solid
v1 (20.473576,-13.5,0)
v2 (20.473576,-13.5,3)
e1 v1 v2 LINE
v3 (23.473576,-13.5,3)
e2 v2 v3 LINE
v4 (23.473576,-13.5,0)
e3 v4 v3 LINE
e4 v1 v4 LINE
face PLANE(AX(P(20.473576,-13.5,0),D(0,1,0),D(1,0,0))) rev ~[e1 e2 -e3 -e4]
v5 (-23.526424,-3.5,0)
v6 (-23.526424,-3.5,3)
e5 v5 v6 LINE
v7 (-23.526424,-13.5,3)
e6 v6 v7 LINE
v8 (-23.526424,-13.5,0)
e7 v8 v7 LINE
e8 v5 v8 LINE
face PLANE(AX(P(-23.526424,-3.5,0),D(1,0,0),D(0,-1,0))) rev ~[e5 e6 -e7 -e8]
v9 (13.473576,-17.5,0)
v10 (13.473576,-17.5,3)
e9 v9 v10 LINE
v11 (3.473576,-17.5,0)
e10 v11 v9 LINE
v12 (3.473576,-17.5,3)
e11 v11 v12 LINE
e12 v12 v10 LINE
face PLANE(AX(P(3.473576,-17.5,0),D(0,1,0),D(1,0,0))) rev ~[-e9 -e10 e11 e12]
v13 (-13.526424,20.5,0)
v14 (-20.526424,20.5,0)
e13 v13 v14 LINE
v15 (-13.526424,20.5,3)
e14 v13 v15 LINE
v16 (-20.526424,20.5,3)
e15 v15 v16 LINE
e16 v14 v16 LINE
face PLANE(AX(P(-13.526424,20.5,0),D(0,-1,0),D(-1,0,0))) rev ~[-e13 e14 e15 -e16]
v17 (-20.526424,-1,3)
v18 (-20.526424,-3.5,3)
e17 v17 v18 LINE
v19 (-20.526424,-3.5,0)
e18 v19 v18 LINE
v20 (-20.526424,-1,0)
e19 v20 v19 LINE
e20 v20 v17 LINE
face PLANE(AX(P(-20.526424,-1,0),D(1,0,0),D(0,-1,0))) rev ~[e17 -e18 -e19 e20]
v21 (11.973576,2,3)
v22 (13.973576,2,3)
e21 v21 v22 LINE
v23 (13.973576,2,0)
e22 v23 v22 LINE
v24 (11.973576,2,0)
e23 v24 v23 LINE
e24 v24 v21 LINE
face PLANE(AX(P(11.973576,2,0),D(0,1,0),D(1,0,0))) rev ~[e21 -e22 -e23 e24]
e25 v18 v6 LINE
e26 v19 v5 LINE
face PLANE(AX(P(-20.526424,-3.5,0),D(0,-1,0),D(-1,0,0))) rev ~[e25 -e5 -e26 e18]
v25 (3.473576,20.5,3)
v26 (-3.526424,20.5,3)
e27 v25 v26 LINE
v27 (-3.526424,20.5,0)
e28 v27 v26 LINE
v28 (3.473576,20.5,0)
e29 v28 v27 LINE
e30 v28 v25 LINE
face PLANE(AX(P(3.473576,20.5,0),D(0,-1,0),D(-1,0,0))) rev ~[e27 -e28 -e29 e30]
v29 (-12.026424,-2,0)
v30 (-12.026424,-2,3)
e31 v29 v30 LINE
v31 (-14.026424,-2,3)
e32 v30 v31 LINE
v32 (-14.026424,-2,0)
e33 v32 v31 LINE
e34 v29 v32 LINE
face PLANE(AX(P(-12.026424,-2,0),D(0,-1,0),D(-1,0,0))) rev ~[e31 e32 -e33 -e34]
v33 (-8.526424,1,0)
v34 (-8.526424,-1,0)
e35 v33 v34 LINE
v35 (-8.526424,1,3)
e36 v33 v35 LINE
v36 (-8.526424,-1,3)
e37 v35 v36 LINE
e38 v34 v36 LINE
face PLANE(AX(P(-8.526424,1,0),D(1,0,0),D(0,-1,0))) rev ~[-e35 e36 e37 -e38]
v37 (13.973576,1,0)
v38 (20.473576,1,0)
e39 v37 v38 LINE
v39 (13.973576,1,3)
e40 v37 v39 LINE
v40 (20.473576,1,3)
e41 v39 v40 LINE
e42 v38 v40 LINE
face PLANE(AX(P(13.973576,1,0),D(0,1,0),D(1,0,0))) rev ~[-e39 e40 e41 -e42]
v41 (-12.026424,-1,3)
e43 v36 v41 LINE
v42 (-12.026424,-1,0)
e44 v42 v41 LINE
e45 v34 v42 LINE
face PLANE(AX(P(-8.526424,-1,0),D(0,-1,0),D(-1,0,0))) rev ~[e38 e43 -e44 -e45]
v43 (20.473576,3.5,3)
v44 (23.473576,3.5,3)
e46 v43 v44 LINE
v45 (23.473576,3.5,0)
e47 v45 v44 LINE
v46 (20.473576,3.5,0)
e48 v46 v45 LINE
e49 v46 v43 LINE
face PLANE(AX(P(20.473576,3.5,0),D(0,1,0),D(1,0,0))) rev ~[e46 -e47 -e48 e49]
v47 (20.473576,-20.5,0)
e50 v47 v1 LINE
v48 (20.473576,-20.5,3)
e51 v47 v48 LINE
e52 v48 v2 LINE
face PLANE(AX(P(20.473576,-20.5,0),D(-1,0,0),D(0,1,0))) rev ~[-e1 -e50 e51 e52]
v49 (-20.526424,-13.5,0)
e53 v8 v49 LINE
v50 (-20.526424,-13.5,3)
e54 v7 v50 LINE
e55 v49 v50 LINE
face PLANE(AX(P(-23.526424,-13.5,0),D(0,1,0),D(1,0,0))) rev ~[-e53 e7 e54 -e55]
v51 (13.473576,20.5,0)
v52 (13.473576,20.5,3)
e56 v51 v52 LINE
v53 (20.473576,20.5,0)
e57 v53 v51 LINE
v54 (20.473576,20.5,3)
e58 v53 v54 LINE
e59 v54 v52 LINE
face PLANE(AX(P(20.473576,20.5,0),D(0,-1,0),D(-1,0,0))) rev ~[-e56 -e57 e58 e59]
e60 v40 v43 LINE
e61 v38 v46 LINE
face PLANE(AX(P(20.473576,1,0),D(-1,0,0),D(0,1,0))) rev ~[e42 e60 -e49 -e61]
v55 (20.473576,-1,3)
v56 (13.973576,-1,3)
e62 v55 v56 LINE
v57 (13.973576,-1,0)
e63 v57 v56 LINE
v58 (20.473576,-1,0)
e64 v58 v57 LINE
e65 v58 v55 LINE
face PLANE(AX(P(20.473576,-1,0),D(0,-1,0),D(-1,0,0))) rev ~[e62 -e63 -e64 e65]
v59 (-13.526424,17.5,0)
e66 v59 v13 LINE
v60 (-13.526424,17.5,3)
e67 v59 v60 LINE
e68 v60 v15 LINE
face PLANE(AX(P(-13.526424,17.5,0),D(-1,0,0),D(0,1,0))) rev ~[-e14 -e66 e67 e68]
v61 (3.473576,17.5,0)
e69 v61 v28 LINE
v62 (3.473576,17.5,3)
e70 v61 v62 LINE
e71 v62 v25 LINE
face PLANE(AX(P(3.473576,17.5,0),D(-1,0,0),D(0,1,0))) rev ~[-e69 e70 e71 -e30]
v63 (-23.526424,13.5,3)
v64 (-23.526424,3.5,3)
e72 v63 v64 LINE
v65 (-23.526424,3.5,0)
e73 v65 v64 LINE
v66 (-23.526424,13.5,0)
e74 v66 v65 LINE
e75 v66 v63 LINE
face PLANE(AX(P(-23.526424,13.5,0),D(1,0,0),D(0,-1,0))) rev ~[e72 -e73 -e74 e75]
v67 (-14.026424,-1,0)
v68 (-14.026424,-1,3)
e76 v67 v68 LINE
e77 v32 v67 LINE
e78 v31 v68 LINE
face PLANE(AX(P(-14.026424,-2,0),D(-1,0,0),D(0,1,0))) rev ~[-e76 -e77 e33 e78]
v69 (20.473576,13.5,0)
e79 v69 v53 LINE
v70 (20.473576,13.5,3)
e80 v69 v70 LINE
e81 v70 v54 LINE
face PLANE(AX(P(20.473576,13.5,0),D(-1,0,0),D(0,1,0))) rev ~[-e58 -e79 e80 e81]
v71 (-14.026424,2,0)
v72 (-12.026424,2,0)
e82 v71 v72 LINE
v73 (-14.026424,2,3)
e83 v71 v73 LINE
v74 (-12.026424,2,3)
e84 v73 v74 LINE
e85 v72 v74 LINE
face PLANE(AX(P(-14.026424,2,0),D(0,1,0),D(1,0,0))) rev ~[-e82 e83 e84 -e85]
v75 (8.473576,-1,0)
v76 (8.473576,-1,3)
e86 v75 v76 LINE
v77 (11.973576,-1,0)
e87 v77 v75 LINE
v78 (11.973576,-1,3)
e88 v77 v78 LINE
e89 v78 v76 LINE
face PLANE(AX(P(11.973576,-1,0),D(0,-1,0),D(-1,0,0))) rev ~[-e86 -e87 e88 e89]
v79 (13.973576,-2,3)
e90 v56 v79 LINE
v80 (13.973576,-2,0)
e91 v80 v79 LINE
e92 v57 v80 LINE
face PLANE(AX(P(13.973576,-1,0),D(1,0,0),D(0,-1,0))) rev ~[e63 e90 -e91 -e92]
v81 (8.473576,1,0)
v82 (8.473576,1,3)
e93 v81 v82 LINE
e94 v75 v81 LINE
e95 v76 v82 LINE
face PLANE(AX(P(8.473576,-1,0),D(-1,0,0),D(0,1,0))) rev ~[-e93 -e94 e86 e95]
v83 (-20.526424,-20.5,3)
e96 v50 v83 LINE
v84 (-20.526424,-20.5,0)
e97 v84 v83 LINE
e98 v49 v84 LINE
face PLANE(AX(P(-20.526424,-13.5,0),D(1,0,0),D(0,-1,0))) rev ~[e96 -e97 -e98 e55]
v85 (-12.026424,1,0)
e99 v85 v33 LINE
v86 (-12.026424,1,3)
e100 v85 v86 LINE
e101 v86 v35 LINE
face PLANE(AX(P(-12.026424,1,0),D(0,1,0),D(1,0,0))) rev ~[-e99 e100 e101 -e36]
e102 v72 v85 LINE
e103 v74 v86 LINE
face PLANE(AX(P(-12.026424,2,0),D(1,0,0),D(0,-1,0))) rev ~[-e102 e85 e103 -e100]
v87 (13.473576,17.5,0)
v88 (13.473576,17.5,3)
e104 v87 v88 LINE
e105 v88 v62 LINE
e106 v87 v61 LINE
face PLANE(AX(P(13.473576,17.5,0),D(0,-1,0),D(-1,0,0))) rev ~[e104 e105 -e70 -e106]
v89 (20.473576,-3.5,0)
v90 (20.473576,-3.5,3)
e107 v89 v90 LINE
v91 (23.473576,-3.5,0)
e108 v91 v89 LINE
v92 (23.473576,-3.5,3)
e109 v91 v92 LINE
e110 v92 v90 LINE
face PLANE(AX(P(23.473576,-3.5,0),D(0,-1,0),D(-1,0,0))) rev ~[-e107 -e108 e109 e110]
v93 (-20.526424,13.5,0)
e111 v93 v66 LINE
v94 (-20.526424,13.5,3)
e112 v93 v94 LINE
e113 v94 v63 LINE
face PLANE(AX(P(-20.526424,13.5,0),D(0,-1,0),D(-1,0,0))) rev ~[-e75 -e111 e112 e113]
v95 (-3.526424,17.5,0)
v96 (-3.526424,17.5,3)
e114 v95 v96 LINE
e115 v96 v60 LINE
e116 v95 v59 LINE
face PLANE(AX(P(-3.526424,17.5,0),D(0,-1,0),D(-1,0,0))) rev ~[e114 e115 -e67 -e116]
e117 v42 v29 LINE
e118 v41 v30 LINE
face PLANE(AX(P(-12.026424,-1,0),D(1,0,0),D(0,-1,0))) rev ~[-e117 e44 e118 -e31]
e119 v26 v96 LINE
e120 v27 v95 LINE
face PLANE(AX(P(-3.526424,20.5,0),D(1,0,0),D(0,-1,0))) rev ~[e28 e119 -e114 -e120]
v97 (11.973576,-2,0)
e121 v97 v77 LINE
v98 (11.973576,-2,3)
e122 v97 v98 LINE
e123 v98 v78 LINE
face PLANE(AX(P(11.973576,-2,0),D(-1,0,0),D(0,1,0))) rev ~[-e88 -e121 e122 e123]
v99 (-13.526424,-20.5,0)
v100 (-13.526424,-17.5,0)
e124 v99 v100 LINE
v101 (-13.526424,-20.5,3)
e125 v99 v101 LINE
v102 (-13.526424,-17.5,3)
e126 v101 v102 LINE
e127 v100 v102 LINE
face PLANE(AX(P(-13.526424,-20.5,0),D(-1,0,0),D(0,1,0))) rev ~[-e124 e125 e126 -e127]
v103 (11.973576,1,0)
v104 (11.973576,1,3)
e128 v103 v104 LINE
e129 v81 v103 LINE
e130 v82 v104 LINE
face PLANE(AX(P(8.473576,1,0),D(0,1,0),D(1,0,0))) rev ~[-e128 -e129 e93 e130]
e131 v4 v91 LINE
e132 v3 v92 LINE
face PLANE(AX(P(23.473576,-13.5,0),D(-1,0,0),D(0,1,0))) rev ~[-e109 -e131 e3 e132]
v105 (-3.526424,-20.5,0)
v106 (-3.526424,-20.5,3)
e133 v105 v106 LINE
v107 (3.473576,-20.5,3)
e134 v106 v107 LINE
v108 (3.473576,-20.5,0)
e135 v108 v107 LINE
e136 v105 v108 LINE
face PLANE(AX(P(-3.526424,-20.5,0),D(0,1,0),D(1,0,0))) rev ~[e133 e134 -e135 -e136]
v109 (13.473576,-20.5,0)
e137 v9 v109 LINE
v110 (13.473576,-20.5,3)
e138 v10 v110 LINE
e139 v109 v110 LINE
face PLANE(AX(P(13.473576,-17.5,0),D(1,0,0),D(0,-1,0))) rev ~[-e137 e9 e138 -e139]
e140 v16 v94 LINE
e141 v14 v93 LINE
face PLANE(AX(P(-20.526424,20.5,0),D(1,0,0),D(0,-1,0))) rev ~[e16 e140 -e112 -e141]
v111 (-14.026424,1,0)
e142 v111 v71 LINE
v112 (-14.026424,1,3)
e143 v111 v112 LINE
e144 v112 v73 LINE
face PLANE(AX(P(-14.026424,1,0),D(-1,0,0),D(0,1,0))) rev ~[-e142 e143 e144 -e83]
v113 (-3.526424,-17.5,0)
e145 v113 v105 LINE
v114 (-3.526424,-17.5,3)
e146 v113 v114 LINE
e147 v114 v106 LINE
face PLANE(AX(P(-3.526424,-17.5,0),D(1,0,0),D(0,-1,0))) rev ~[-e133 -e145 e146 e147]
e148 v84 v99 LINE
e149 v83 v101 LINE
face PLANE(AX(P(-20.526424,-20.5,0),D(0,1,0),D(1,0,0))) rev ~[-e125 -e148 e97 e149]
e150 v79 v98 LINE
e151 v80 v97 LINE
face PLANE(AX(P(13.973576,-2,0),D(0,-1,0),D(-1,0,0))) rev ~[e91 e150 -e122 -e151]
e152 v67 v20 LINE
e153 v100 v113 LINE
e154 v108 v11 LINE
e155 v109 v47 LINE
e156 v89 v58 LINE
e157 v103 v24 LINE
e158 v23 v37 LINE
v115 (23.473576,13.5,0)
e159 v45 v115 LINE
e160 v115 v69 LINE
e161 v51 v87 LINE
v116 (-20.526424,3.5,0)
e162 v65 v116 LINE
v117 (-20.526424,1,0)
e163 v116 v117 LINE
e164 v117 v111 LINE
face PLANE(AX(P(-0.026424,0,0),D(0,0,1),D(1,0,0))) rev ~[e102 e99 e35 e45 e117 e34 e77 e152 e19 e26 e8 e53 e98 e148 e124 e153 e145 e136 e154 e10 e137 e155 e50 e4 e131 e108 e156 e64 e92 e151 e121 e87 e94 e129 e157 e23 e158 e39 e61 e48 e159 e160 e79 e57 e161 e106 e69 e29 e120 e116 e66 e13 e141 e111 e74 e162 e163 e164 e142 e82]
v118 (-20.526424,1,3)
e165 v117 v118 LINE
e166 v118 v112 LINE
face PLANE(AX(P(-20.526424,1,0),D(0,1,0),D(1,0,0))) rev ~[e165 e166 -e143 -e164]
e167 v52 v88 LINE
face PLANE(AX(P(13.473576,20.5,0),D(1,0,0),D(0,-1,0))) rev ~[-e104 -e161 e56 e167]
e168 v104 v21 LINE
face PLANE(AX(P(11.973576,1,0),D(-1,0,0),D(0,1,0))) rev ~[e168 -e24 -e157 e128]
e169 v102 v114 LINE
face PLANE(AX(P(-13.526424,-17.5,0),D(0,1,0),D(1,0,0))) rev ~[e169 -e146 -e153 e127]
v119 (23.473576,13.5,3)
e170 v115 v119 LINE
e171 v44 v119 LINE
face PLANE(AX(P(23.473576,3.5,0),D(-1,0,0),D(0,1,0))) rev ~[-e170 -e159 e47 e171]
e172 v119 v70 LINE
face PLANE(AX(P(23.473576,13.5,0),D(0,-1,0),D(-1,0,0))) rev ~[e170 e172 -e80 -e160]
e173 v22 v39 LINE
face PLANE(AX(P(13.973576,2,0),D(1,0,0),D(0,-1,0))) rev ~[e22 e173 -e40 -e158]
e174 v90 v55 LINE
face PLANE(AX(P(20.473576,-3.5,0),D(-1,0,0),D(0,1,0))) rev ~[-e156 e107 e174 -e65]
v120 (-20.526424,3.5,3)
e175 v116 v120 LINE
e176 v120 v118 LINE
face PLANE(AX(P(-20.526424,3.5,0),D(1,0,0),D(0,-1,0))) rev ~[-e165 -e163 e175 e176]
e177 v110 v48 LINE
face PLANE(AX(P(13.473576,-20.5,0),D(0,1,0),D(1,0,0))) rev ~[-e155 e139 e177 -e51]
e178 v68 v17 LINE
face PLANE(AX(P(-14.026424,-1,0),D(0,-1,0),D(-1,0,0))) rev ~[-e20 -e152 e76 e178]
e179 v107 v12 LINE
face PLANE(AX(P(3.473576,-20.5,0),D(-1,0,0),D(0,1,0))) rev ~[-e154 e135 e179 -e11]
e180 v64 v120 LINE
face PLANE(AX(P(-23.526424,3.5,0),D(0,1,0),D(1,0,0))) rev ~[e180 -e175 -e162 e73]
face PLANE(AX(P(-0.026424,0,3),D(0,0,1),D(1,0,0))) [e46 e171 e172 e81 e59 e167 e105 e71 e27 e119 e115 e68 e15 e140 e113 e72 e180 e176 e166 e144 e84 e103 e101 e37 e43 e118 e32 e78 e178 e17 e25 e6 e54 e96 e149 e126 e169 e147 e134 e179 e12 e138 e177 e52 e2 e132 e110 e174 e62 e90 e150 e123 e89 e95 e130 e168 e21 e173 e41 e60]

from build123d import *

# Parameters (mm, degrees)
F1_DEPTH = 3


with BuildPart() as f1:
    # F0 (on Top) → F1 (new body)
    with BuildSketch(Plane.XY):
        Polygon((-0.026424, -20.5), (3.473576, -20.5), (3.473576, -17.5), (13.473576, -17.5), (13.473576, -20.5), (20.473576, -20.5), (20.473576, -13.5), (23.473576, -13.5), (23.473576, -3.5), (20.473576, -3.5), (20.473576, -1), (13.973576, -1), (13.973576, -2), (11.973576, -2), (11.973576, -1), (8.473576, -1), (8.473576, 0), (8.473576, 1), (11.973576, 1), (11.973576, 2), (13.973576, 2), (13.973576, 1), (20.473576, 1), (20.473576, 3.5), (23.473576, 3.5), (23.473576, 13.5), (20.473576, 13.5), (20.473576, 20.5), (13.473576, 20.5), (13.473576, 17.5), (3.473576, 17.5), (3.473576, 20.5), (-0.026424, 20.5), (-3.526424, 20.5), (-3.526424, 17.5), (-13.526424, 17.5), (-13.526424, 20.5), (-20.526424, 20.5), (-20.526424, 13.5), (-23.526424, 13.5), (-23.526424, 3.5), (-20.526424, 3.5), (-20.526424, 1), (-14.026424, 1), (-14.026424, 2), (-12.026424, 2), (-12.026424, 1), (-8.526424, 1), (-8.526424, 0), (-8.526424, -1), (-12.026424, -1), (-12.026424, -2), (-14.026424, -2), (-14.026424, -1), (-20.526424, -1), (-20.526424, -3.5), (-23.526424, -3.5), (-23.526424, -13.5), (-20.526424, -13.5), (-20.526424, -20.5), (-13.526424, -20.5), (-13.526424, -17.5), (-3.526424, -17.5), (-3.526424, -20.5), align=None)
    extrude(amount=F1_DEPTH)


solid = f1.part
